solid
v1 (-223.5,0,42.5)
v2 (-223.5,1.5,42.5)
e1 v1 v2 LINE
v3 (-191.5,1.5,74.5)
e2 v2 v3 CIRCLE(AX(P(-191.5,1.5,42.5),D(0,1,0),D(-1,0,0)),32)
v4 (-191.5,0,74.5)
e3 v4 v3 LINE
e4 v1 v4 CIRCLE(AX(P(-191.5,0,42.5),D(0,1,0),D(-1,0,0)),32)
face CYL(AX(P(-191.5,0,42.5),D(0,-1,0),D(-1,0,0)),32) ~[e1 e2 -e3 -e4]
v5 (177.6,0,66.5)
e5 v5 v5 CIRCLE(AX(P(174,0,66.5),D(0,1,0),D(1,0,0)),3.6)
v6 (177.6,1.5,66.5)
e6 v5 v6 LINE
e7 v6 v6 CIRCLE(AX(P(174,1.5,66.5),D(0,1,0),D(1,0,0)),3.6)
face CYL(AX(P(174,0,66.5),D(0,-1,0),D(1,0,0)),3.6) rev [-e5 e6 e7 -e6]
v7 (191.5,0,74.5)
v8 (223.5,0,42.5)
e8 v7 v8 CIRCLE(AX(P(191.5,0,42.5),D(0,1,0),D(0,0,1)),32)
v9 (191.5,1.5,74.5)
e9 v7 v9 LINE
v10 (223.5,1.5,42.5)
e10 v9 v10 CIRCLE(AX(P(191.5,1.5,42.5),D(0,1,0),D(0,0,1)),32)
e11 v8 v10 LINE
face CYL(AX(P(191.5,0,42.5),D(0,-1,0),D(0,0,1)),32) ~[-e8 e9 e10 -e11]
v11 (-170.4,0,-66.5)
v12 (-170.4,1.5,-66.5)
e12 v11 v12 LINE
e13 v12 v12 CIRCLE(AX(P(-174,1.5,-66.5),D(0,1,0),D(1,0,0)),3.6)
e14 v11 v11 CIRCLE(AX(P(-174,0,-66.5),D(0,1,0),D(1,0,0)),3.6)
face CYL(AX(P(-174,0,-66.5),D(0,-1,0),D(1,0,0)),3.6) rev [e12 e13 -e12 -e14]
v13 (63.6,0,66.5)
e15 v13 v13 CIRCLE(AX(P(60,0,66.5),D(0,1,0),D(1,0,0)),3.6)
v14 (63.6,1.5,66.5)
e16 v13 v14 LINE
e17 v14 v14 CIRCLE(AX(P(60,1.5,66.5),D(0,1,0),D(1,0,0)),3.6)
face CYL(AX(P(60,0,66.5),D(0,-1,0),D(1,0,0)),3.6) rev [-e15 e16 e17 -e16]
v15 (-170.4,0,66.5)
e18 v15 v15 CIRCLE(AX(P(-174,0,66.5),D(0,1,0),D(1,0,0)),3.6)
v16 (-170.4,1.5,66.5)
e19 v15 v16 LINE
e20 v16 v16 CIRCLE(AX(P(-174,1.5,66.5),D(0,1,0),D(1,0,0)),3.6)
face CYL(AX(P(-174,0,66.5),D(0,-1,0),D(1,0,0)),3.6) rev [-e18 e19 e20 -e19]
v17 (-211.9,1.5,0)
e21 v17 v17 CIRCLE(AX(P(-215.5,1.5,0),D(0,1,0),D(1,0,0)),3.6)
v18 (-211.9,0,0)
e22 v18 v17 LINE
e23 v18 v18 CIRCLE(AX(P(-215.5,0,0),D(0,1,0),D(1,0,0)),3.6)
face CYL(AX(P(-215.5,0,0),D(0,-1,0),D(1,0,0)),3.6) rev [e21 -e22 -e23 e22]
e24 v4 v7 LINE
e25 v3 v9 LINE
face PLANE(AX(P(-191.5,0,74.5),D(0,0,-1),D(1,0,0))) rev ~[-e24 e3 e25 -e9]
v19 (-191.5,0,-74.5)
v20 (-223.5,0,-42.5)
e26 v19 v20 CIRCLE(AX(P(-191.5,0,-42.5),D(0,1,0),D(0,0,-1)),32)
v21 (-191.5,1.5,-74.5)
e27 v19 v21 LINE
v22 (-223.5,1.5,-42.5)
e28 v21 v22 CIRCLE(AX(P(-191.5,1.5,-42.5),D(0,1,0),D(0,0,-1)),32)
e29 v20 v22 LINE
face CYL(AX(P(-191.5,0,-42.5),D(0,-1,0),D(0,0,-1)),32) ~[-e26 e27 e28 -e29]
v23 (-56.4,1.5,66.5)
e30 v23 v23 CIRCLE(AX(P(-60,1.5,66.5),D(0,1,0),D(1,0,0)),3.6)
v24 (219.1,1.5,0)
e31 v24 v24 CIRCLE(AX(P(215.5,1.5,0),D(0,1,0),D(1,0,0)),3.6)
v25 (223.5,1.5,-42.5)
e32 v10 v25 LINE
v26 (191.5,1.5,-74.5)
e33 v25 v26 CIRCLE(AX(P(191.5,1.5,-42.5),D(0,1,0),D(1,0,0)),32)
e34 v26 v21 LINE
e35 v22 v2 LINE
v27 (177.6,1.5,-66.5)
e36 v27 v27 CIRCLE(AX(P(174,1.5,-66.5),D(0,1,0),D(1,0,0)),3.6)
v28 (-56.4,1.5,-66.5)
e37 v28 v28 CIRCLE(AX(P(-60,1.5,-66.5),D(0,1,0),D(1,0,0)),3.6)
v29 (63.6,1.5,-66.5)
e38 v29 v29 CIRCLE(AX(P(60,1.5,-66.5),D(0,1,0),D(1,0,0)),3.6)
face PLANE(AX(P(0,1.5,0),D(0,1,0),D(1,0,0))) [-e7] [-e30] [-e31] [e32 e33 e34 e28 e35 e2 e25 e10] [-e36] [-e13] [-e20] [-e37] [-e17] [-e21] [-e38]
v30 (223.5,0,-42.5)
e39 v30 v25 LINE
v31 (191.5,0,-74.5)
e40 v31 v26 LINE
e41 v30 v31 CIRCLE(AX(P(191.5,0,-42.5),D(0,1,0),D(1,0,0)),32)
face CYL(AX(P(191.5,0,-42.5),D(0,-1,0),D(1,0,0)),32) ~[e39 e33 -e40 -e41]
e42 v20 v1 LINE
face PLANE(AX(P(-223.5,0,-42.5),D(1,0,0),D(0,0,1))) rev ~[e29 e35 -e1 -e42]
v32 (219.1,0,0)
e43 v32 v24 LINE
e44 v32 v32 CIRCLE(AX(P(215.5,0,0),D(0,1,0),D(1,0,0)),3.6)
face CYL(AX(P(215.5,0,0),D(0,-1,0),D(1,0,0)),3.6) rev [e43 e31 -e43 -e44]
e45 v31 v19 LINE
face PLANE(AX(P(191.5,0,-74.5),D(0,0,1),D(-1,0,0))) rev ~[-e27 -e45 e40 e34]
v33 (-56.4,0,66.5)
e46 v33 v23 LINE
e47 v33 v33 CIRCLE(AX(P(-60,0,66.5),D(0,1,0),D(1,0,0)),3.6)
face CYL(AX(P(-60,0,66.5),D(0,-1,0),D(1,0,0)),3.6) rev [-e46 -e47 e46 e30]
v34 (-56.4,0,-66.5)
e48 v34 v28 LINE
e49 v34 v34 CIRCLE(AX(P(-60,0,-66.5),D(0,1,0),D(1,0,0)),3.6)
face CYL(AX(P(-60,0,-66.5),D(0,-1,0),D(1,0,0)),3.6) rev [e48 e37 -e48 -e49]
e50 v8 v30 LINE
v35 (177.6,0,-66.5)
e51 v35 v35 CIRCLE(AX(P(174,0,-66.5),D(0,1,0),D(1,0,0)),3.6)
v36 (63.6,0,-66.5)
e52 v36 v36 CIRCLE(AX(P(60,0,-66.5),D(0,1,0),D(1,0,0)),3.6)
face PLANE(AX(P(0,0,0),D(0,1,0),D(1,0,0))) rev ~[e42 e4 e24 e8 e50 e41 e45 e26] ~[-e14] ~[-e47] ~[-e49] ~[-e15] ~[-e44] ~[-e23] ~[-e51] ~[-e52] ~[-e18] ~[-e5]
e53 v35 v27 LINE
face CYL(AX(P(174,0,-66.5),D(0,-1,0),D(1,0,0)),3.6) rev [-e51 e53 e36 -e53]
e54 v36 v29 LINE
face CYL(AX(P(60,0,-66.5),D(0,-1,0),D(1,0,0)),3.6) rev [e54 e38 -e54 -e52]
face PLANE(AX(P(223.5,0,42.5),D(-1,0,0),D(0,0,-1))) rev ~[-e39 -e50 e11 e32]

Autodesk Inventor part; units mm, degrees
sketch "Sketch_4" plane through (0, 0, 0) normal (0, 1, 0) x (1, 0, 0)
  arc A0 (-223.5, -42.5) -> (-191.5, -74.5) centre (-191.5, -42.5) ccw
  line L0 (-191.5, -74.5) -> (191.5, -74.5)
  arc A1 (191.5, -74.5) -> (223.5, -42.5) centre (191.5, -42.5) ccw
  line L1 (223.5, -42.5) -> (223.5, 42.5)
  arc A2 (223.5, 42.5) -> (191.5, 74.5) centre (191.5, 42.5) ccw
  line L2 (191.5, 74.5) -> (-191.5, 74.5)
  arc A3 (-191.5, 74.5) -> (-223.5, 42.5) centre (-191.5, 42.5) ccw
  line L3 (-223.5, 42.5) -> (-223.5, -42.5)
  circle A4 centre (215.5, 0) radius 3.6
  circle A5 centre (174, -66.5) radius 3.6
  circle A6 centre (174, 66.5) radius 3.6
  circle A7 centre (60, -66.5) radius 3.6
  circle A8 centre (60, 66.5) radius 3.6
  circle A9 centre (-60, -66.5) radius 3.6
  circle A10 centre (-60, 66.5) radius 3.6
  circle A11 centre (-174, -66.5) radius 3.6
  circle A12 centre (-174, 66.5) radius 3.6
  circle A13 centre (-215.5, 0) radius 3.6
extrude "Extrusion1" add sketch "Sketch_4" along normal blind 1.5
ref_plane "FP_XY" through (0, 0, 0) normal (0, -1, 0) x (1, 0, 0)
ref_plane "FP_YZ" through (0, 0, 0) normal (1, 0, 0) x (0, 0, 1)
ref_plane "FP_ZX" through (0, 0, 0) normal (0, 0, 1) x (0, -1, 0)
ref_plane "to_Bolt_1_XY" through (-215.5, 0, 0) normal (0, 1, 0) x (1, 0, 0)
ref_plane "to_Bolt_1_YZ" through (-215.5, 0, 0) normal (1, 0, 0) x (0, 0, -1)
ref_plane "to_Bolt_1_ZX" through (-215.5, 0, 0) normal (0, 0, -1) x (0, 1, 0)
ref_plane "to_Bolt_1_1_XY" through (-174, 0, -66.5) normal (0, 1, 0) x (1, 0, 0)
ref_plane "to_Bolt_1_1_YZ" through (-174, 0, -66.5) normal (1, 0, 0) x (0, 0, -1)
ref_plane "to_Bolt_1_1_ZX" through (-174, 0, -66.5) normal (0, 0, -1) x (0, 1, 0)
ref_plane "to_Bolt_1_2_XY" through (-60, 0, -66.5) normal (0, 1, 0) x (1, 0, 0)
ref_plane "to_Bolt_1_2_YZ" through (-60, 0, -66.5) normal (1, 0, 0) x (0, 0, -1)
ref_plane "to_Bolt_1_2_ZX" through (-60, 0, -66.5) normal (0, 0, -1) x (0, 1, 0)
ref_plane "to_Bolt_1_3_XY" through (60, 0, -66.5) normal (0, 1, 0) x (1, 0, 0)
ref_plane "to_Bolt_1_3_YZ" through (60, 0, -66.5) normal (1, 0, 0) x (0, 0, -1)
ref_plane "to_Bolt_1_3_ZX" through (60, 0, -66.5) normal (0, 0, -1) x (0, 1, 0)
ref_plane "to_Bolt_1_4_XY" through (174, 0, -66.5) normal (0, 1, 0) x (1, 0, 0)
ref_plane "to_Bolt_1_4_YZ" through (174, 0, -66.5) normal (1, 0, 0) x (0, 0, -1)
ref_plane "to_Bolt_1_4_ZX" through (174, 0, -66.5) normal (0, 0, -1) x (0, 1, 0)
ref_plane "to_Bolt_1_5_XY" through (-174, 0, 66.5) normal (0, 1, 0) x (1, 0, 0)
ref_plane "to_Bolt_1_5_YZ" through (-174, 0, 66.5) normal (1, 0, 0) x (0, 0, -1)
ref_plane "to_Bolt_1_5_ZX" through (-174, 0, 66.5) normal (0, 0, -1) x (0, 1, 0)
ref_plane "to_Bolt_1_6_XY" through (-60, 0, 66.5) normal (0, 1, 0) x (1, 0, 0)
ref_plane "to_Bolt_1_6_YZ" through (-60, 0, 66.5) normal (1, 0, 0) x (0, 0, -1)
ref_plane "to_Bolt_1_6_ZX" through (-60, 0, 66.5) normal (0, 0, -1) x (0, 1, 0)
ref_plane "to_Bolt_1_7_XY" through (60, 0, 66.5) normal (0, 1, 0) x (1, 0, 0)
ref_plane "to_Bolt_1_7_YZ" through (60, 0, 66.5) normal (1, 0, 0) x (0, 0, -1)
ref_plane "to_Bolt_1_7_ZX" through (60, 0, 66.5) normal (0, 0, -1) x (0, 1, 0)
ref_plane "to_Bolt_1_8_XY" through (174, 0, 66.5) normal (0, 1, 0) x (1, 0, 0)
ref_plane "to_Bolt_1_8_YZ" through (174, 0, 66.5) normal (1, 0, 0) x (0, 0, -1)
ref_plane "to_Bolt_1_8_ZX" through (174, 0, 66.5) normal (0, 0, -1) x (0, 1, 0)
ref_plane "to_Bolt_2_XY" through (215.5, 0, 0) normal (0, 1, 0) x (1, 0, 0)
ref_plane "to_Bolt_2_YZ" through (215.5, 0, 0) normal (1, 0, 0) x (0, 0, -1)
ref_plane "to_Bolt_2_ZX" through (215.5, 0, 0) normal (0, 0, -1) x (0, 1, 0)
properties part number "1XX4_04_00_4(1)_P5"
